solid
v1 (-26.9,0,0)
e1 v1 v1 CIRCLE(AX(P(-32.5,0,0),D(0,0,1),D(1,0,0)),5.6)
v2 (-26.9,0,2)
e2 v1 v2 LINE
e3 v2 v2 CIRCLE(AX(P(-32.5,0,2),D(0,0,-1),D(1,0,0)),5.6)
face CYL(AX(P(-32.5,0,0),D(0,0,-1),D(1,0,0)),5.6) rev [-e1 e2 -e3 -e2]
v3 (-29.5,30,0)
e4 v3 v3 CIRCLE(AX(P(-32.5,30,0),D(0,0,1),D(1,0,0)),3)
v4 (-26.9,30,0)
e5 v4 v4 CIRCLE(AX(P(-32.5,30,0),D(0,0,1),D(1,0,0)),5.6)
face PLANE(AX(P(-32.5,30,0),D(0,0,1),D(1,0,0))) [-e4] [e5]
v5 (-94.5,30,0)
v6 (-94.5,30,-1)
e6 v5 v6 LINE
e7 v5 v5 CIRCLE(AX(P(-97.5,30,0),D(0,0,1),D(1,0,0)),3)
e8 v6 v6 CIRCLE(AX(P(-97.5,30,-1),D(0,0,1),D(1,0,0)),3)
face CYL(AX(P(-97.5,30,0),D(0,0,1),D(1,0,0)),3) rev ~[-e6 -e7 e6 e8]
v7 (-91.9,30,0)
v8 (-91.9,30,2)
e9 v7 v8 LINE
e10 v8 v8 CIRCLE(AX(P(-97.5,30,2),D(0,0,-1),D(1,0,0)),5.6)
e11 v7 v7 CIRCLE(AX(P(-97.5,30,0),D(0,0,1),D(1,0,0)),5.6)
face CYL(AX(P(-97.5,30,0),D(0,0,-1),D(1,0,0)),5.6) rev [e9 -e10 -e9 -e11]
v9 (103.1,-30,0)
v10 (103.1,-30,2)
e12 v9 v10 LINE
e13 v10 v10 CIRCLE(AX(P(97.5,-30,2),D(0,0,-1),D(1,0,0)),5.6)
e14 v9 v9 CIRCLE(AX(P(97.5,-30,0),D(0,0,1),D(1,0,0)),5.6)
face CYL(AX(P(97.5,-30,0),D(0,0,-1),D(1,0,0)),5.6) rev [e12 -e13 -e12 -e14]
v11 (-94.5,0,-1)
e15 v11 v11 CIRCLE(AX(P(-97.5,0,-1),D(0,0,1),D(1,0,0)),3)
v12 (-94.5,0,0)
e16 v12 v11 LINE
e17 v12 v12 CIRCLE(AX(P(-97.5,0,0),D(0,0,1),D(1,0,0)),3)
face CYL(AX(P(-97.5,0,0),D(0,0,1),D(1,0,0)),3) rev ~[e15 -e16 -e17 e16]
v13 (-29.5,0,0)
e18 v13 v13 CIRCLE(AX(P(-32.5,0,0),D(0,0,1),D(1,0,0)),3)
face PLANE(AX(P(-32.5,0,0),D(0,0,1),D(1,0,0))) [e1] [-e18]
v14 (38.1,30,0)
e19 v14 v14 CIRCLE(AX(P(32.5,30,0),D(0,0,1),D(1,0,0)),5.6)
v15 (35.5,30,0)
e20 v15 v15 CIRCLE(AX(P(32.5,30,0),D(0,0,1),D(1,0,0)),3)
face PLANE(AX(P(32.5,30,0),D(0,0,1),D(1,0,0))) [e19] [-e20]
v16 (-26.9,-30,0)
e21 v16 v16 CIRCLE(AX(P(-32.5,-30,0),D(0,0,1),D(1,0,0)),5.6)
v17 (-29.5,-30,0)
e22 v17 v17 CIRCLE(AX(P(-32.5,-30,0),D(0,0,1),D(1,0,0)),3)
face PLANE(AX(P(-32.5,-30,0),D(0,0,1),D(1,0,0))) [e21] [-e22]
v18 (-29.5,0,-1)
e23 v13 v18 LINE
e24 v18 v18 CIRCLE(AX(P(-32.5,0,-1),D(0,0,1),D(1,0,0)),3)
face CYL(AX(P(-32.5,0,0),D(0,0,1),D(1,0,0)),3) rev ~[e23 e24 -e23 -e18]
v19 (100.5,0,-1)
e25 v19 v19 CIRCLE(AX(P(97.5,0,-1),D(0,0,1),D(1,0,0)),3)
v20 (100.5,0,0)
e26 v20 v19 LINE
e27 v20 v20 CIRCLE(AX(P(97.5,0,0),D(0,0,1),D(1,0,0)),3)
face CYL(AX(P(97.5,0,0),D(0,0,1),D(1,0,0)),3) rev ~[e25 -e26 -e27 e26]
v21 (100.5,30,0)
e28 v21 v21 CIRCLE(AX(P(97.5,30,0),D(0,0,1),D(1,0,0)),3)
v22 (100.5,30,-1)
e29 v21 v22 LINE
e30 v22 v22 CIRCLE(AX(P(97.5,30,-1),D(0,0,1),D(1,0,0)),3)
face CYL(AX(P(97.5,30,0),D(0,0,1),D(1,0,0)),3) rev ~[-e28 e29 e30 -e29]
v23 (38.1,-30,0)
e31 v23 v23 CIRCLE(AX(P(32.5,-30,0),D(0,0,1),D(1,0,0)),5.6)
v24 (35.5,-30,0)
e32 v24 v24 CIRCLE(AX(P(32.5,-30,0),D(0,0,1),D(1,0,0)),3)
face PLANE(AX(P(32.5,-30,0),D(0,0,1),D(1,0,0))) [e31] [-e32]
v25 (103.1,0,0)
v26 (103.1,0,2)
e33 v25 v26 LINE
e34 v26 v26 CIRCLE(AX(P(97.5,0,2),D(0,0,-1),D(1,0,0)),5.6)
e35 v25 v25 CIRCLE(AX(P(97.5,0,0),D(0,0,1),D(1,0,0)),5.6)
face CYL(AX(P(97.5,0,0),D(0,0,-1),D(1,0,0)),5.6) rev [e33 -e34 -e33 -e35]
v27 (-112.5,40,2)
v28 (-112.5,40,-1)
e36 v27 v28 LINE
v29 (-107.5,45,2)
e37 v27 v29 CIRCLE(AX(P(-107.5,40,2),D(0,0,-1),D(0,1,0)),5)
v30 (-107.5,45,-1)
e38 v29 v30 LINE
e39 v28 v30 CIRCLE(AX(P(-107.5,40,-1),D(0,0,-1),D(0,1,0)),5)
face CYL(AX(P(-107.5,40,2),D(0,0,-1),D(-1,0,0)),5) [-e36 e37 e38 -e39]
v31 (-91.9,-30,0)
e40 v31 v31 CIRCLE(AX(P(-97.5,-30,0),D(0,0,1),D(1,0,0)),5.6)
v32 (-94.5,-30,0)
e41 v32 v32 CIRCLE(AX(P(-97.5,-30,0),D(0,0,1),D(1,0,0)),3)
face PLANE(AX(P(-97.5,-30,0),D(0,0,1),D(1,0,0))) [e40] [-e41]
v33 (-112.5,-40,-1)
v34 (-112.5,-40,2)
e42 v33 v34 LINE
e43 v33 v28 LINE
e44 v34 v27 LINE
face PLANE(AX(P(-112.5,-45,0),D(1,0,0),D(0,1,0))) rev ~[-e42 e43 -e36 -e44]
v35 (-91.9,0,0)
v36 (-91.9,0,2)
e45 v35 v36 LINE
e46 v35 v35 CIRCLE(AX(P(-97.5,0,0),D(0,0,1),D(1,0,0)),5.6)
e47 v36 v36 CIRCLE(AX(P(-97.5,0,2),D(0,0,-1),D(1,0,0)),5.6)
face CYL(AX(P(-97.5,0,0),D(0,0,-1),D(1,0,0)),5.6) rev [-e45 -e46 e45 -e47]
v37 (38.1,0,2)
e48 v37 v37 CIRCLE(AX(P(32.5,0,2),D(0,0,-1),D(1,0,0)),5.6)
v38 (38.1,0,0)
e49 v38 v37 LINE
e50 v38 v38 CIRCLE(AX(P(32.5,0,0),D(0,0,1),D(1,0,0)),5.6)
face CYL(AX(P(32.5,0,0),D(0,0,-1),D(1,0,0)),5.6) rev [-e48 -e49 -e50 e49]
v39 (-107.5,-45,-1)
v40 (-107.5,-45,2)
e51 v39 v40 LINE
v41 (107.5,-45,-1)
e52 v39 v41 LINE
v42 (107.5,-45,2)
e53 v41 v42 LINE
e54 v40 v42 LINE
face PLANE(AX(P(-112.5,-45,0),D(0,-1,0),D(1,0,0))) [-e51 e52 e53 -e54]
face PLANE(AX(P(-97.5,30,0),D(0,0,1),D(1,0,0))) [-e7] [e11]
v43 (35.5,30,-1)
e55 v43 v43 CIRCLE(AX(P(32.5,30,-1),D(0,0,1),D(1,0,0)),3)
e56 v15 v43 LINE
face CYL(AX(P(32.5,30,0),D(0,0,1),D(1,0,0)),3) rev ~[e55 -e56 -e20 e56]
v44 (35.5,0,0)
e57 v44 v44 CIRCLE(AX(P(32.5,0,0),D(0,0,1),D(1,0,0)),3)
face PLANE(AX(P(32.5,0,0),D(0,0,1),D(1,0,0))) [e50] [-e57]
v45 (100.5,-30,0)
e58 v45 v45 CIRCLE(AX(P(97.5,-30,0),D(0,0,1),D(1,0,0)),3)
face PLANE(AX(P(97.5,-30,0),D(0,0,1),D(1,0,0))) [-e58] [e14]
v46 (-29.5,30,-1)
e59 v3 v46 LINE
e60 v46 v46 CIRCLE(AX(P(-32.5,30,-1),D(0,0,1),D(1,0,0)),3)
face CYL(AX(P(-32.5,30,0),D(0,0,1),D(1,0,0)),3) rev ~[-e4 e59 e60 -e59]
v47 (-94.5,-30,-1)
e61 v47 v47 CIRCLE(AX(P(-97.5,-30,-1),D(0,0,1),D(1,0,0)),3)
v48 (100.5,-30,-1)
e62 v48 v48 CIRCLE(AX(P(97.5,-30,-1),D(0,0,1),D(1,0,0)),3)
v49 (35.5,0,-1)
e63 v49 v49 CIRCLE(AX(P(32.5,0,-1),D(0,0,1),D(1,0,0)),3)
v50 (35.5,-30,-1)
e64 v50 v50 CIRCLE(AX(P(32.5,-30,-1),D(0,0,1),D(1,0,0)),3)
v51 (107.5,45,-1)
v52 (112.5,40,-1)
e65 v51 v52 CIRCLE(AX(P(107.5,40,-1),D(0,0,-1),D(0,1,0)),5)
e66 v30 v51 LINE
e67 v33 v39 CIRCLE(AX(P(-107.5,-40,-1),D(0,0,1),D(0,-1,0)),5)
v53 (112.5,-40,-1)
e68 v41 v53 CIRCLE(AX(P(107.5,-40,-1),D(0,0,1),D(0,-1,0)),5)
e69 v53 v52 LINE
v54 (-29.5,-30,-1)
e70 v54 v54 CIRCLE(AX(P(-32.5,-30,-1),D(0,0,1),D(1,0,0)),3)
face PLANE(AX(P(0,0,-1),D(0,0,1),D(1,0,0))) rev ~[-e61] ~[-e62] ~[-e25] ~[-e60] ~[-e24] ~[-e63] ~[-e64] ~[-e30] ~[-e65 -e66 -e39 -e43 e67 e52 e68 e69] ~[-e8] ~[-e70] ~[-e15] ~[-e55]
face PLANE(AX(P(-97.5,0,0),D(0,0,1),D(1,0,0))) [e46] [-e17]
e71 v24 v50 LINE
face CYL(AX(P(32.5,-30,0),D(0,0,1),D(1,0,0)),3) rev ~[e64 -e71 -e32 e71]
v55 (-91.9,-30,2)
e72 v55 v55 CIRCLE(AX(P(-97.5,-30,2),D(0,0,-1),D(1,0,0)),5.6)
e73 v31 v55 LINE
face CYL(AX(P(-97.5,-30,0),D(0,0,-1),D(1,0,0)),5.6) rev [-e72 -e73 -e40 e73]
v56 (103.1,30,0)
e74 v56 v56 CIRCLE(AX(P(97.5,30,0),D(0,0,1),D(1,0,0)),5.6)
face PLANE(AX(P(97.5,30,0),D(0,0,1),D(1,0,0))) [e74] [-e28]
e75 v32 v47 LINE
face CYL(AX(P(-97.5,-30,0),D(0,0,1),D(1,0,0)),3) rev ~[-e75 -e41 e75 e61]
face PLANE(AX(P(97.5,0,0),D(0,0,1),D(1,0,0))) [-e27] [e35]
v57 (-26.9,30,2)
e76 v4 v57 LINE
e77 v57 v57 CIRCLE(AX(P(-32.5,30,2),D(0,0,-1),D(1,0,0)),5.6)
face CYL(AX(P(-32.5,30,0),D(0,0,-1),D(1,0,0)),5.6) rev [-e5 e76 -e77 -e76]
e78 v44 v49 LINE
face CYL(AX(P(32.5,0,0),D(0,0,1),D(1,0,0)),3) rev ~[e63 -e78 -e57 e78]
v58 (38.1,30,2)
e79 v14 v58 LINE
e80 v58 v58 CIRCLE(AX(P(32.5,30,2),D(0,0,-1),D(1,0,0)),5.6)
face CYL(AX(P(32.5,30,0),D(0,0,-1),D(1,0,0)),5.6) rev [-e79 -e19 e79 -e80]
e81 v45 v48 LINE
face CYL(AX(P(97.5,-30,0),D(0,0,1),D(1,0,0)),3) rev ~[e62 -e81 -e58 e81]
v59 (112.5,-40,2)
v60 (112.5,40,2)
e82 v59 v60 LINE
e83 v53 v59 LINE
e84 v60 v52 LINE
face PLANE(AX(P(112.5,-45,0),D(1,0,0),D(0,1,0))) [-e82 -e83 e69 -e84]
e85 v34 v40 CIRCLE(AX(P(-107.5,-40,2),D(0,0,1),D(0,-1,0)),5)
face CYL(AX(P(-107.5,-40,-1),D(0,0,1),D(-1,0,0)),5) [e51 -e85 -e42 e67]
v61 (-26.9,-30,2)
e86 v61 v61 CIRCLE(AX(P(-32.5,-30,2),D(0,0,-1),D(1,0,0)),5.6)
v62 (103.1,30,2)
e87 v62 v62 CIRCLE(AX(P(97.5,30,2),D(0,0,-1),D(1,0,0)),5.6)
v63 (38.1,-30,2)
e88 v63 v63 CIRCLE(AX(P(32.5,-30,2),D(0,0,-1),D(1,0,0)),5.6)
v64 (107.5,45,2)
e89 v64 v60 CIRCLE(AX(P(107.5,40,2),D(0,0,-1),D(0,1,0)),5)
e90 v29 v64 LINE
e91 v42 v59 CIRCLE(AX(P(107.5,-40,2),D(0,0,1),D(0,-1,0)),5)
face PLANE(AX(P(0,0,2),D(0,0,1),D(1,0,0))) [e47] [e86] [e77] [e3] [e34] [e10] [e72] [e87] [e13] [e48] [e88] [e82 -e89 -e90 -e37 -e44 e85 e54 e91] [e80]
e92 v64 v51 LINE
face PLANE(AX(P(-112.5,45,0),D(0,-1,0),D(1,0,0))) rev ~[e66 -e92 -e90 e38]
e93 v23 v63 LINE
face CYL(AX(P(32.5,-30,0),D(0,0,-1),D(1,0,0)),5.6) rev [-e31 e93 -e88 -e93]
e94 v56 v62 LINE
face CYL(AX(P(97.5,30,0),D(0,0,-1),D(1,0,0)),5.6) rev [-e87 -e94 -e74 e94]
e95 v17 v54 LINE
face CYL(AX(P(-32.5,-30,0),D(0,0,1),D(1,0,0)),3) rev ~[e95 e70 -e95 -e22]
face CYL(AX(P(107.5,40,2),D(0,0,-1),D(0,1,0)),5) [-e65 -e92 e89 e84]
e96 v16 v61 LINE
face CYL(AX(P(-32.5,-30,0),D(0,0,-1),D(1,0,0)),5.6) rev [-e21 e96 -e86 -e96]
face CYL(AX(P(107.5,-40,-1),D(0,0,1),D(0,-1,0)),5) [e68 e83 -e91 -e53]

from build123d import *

# Parameters (mm, degrees)
SKETCH001_W     = 225
SKETCH001_H     = 90
PAD_DEPTH       = 2
PAD_DEPTH_BACK  = 1
SKETCH_R        = 5.6
POCKET_DEPTH    = 2.001
SKETCH004_R     = 3
POCKET001_DEPTH = 1.001
FILLET_R        = 5


with BuildPart() as part:
    # Sketch001 → Pad (new body, two sides)
    with BuildSketch(Plane.XY) as pad_sk:
        Rectangle(SKETCH001_W, SKETCH001_H)
    extrude(amount=PAD_DEPTH)
    extrude(pad_sk.sketch, amount=-PAD_DEPTH_BACK)

    # Sketch → Pocket (cut, through all)
    with BuildSketch(Plane.XY):
        with Locations((-97.5, 30)):
            Circle(SKETCH_R)
        with Locations((-32.5, 30)):
            Circle(SKETCH_R)
        with Locations((32.5, 30)):
            Circle(SKETCH_R)
        with Locations((97.5, 30)):
            Circle(SKETCH_R)
        with Locations((-97.5, 0)):
            Circle(SKETCH_R)
        with Locations((-32.5, 0)):
            Circle(SKETCH_R)
        with Locations((32.5, 0)):
            Circle(SKETCH_R)
        with Locations((97.5, 0)):
            Circle(SKETCH_R)
        with Locations((-97.5, -30)):
            Circle(SKETCH_R)
        with Locations((-32.5, -30)):
            Circle(SKETCH_R)
        with Locations((32.5, -30)):
            Circle(SKETCH_R)
        with Locations((97.5, -30)):
            Circle(SKETCH_R)
    extrude(amount=POCKET_DEPTH, mode=Mode.SUBTRACT)

    # Sketch004 → Pocket001 (cut, through all)
    with BuildSketch(Plane.XY):
        with Locations((-97.5, 30)):
            Circle(SKETCH004_R)
        with Locations((-32.5, 30)):
            Circle(SKETCH004_R)
        with Locations((32.5, 30)):
            Circle(SKETCH004_R)
        with Locations((97.5, 30)):
            Circle(SKETCH004_R)
        with Locations((-97.5, 0)):
            Circle(SKETCH004_R)
        with Locations((-32.5, 0)):
            Circle(SKETCH004_R)
        with Locations((32.5, 0)):
            Circle(SKETCH004_R)
        with Locations((97.5, 0)):
            Circle(SKETCH004_R)
        with Locations((-97.5, -30)):
            Circle(SKETCH004_R)
        with Locations((-32.5, -30)):
            Circle(SKETCH004_R)
        with Locations((32.5, -30)):
            Circle(SKETCH004_R)
        with Locations((97.5, -30)):
            Circle(SKETCH004_R)
    extrude(amount=-POCKET001_DEPTH, mode=Mode.SUBTRACT)

    # Fillet
    fillet_edges = [part.edges().sort_by_distance(p)[0] for p in [
        (-112.5, -45, 0.5),
        (-112.5, 45, 0.5),
        (112.5, -45, 0.5),
        (112.5, 45, 0.5),
    ]]
    fillet(fillet_edges, radius=FILLET_R)


solid = part.part
